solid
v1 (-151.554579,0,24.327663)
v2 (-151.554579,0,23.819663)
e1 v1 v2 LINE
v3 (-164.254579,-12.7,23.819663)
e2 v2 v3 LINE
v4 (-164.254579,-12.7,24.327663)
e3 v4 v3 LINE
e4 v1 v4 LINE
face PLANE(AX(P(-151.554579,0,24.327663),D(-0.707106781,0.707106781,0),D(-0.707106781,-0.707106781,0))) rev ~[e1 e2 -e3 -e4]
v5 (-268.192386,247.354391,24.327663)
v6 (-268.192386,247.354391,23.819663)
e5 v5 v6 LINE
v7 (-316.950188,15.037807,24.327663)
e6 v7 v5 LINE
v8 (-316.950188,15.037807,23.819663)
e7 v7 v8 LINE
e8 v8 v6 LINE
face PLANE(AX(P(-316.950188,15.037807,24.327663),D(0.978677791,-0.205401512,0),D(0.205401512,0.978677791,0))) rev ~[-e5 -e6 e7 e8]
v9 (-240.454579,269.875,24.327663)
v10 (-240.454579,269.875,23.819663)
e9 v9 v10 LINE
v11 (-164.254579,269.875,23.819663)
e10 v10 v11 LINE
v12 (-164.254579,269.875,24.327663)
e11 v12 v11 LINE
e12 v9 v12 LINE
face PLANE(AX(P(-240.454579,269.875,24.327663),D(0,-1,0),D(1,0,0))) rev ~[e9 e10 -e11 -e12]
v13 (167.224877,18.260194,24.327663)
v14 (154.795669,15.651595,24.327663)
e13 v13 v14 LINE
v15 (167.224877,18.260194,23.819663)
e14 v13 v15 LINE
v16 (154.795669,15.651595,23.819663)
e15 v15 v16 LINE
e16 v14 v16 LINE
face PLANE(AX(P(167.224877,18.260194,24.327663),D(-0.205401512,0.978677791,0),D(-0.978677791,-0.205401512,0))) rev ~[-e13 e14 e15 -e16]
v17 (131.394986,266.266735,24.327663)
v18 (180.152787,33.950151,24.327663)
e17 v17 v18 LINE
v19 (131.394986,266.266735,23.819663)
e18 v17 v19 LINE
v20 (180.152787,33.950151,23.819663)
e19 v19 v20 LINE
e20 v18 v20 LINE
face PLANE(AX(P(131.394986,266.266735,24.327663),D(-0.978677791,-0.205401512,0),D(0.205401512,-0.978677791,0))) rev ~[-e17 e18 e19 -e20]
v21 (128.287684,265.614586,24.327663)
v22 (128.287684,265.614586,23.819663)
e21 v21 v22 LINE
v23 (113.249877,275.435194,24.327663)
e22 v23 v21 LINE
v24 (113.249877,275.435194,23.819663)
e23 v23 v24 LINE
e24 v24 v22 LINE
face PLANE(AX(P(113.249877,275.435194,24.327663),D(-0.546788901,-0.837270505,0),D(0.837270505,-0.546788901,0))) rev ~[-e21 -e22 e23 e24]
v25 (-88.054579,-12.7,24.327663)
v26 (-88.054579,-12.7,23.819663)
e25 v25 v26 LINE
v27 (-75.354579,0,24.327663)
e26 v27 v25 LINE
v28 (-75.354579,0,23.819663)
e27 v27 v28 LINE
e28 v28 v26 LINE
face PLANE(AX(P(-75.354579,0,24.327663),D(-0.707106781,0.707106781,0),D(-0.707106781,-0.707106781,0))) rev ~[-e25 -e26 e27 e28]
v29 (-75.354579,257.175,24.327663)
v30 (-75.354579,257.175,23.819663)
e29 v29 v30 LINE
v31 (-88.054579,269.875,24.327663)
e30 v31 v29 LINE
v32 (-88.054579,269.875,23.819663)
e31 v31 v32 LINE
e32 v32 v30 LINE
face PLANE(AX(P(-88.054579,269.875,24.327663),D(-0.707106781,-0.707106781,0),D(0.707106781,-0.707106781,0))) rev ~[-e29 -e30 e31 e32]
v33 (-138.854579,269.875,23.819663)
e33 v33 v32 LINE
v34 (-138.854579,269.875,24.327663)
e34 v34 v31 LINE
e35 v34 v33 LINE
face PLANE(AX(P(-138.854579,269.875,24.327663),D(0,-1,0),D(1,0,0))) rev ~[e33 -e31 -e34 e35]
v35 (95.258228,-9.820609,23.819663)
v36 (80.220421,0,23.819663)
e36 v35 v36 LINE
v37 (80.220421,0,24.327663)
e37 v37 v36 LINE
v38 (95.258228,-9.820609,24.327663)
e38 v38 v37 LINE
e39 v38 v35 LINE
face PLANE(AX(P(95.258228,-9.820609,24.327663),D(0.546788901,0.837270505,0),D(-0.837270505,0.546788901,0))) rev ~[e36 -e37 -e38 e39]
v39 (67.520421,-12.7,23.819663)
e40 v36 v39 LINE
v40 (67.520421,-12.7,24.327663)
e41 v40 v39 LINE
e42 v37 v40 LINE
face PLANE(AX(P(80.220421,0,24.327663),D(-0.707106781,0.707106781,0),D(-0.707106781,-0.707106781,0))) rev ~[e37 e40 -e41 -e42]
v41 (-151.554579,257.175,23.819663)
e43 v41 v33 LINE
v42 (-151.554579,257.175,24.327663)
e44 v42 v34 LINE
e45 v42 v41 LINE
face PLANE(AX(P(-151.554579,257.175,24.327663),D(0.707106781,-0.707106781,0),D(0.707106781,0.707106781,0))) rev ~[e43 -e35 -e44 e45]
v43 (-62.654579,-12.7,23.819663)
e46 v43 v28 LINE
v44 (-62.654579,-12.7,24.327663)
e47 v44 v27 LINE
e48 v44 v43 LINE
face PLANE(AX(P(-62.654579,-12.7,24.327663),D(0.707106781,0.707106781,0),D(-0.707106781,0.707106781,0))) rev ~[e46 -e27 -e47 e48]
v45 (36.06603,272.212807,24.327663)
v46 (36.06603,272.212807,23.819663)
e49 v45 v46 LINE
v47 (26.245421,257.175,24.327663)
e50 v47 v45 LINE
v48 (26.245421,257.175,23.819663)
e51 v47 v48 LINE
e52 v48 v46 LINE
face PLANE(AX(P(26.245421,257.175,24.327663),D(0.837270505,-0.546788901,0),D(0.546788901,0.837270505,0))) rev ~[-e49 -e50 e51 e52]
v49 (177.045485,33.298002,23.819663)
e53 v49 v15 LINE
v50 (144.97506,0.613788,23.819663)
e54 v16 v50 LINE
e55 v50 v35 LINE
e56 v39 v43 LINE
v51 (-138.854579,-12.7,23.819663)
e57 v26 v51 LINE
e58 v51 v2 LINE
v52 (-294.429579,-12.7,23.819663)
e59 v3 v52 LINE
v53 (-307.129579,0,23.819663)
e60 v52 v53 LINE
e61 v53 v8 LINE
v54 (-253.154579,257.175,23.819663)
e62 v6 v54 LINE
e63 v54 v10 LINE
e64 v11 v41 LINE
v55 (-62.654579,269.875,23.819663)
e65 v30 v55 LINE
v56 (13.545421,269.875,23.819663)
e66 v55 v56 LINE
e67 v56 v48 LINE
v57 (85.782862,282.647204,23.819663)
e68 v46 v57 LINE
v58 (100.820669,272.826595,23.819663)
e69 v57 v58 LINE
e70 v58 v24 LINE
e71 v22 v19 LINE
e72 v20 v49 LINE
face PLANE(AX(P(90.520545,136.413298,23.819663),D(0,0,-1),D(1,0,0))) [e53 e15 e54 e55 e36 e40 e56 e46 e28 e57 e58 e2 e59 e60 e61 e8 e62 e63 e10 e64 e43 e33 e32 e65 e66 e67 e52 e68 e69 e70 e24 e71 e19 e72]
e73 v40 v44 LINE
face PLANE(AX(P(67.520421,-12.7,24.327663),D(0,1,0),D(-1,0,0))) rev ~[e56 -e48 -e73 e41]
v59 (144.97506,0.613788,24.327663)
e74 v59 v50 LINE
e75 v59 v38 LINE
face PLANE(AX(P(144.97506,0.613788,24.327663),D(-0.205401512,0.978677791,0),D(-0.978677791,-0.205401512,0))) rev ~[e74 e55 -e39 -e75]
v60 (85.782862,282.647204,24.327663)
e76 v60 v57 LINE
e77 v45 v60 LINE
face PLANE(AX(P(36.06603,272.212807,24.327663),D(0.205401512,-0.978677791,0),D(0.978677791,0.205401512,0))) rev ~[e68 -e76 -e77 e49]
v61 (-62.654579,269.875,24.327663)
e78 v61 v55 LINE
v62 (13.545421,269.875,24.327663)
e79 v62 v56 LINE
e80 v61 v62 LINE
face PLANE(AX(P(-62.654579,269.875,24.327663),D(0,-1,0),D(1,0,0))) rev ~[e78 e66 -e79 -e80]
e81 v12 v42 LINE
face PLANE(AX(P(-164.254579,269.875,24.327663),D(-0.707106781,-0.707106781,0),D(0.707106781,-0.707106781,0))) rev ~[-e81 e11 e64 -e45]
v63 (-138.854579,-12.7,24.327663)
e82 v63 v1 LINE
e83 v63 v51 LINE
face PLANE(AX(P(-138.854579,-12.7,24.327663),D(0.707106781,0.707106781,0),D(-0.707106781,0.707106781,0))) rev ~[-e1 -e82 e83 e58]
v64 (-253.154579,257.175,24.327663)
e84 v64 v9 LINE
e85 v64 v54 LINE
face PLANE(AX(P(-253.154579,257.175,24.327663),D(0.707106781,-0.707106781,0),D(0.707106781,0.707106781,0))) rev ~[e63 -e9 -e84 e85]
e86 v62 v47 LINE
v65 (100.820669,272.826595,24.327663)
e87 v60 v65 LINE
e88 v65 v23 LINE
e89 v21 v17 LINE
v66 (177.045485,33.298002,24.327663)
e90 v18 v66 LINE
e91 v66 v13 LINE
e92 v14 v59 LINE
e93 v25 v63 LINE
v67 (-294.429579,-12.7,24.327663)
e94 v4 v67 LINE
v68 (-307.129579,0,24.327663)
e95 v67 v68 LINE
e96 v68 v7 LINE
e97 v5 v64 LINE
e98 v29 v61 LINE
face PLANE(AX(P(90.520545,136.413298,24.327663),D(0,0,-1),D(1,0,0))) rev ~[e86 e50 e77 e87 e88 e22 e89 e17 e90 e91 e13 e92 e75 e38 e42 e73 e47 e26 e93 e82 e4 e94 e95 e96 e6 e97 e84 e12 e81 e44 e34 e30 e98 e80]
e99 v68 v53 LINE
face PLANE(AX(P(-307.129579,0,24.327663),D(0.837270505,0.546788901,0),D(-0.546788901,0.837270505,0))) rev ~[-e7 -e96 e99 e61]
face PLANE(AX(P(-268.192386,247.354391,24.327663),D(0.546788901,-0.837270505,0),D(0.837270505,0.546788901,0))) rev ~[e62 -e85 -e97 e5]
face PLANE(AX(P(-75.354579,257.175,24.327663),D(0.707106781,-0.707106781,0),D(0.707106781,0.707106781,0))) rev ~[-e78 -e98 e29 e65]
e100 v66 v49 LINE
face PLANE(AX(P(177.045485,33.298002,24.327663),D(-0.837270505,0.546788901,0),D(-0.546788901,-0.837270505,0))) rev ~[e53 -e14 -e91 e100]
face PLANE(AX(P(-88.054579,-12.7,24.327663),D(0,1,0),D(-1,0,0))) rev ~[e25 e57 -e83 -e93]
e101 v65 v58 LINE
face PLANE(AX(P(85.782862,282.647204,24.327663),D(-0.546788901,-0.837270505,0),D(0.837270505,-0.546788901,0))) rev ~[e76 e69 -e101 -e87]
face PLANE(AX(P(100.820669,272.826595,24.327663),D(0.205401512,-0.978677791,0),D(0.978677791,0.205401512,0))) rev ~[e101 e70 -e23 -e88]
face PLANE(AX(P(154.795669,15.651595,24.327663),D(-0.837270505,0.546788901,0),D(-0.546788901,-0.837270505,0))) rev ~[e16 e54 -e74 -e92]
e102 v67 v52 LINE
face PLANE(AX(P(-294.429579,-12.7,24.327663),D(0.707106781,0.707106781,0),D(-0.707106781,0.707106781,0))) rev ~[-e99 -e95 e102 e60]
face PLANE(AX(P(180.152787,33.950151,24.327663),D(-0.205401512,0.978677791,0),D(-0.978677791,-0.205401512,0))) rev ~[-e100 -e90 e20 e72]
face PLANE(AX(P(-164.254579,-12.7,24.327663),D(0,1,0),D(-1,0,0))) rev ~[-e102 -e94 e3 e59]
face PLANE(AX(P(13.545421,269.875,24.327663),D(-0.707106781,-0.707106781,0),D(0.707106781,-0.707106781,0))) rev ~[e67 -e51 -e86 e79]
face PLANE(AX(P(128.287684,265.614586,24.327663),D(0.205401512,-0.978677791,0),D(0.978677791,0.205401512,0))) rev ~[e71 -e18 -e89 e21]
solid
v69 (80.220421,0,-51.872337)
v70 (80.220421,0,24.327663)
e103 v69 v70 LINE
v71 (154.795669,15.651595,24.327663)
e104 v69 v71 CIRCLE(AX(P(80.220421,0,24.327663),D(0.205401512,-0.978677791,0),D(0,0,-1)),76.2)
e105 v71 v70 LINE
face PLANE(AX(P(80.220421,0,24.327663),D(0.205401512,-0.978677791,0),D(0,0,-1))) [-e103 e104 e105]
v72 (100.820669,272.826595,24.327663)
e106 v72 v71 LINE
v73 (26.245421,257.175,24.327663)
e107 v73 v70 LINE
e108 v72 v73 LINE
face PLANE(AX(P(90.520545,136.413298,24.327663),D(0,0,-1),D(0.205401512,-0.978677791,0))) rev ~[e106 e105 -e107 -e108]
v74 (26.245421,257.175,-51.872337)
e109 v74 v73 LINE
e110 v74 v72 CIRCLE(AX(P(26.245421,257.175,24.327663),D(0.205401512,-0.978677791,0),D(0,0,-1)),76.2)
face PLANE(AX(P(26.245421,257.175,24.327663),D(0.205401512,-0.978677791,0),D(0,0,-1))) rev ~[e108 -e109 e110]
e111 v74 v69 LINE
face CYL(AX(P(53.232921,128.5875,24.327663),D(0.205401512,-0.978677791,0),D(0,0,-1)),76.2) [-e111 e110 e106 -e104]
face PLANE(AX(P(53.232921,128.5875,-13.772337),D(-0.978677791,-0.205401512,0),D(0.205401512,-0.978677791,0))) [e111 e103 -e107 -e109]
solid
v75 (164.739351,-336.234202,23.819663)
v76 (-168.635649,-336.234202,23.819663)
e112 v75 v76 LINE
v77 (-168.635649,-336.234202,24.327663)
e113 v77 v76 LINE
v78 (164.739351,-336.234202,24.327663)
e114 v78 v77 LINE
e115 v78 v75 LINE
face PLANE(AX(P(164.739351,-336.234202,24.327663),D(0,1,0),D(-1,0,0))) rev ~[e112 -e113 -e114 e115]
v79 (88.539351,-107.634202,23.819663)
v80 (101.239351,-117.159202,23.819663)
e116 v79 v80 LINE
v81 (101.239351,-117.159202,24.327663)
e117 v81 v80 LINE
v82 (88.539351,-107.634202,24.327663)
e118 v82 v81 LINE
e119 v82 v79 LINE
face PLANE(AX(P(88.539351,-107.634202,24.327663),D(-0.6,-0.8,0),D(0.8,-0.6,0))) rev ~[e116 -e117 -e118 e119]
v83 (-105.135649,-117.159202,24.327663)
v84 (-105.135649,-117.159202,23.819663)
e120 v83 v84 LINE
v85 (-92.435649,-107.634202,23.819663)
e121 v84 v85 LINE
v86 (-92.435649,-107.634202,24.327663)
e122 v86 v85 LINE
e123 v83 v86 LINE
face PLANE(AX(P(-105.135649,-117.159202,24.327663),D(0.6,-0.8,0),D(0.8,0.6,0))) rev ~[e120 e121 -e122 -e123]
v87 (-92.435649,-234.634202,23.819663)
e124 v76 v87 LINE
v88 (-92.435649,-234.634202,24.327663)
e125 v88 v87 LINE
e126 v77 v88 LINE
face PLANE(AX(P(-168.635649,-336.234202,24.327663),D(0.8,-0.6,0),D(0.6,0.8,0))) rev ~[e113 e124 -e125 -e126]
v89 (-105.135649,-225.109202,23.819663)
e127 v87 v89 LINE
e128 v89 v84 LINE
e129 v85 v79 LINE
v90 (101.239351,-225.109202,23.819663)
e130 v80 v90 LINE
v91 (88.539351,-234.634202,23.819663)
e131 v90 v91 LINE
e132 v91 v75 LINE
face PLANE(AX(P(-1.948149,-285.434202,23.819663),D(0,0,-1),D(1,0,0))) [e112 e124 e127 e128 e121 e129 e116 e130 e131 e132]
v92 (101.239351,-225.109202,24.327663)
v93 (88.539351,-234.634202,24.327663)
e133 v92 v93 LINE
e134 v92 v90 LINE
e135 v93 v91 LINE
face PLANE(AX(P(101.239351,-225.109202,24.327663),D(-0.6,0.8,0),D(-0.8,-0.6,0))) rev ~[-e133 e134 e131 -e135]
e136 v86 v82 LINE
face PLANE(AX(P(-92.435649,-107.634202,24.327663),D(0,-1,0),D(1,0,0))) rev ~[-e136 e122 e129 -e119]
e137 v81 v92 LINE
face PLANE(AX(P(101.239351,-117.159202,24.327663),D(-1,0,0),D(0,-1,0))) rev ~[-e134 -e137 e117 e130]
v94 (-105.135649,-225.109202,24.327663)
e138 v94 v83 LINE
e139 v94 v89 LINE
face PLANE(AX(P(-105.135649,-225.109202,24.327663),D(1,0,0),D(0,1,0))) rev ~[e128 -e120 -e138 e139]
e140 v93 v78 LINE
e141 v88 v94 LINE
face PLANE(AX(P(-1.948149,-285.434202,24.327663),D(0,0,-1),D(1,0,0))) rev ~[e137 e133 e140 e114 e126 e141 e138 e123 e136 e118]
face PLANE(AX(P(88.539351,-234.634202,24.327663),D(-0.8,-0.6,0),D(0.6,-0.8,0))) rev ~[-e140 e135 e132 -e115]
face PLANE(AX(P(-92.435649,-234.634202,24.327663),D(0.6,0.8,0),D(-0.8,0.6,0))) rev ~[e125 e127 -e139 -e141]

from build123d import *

# Parameters (mm, degrees)
F9_W      = 262.7780075463
F9_H      = 76.2
F10_ANGLE = 90
F11_W     = 76.2
F11_H     = 257.175
F12_DEPTH = 0.508
F11_W_2   = 180.975
F11_H_2   = 101.6


with BuildPart() as f10:
    # F9 (on face) → F10 (revolve)
    with BuildSketch(Plane(origin=(76.8359391057, 16.1260612938, 0), x_dir=(0.2054015117, -0.9786777912, 0), z_dir=(-0.9786777912, -0.2054015117, 0))):
        with Locations((-114.9116080063, -13.7723366184)):
            Rectangle(F9_W, F9_H)
    revolve(axis=Axis((53.2329211056, 128.5875, 24.3276633816), (0.2054015117, -0.9786777912, 0)), revolution_arc=F10_ANGLE)


with BuildPart() as f12:
    # F11 (on face) → F12 (new body)
    with BuildSketch(Plane(origin=(0, 0, 24.3276633816), x_dir=(1, 0, 0), z_dir=(0, 0, -1))):
        Polygon((80.2204211056, 0), (26.2454211056, -257.175), (100.8206687947, -272.826595194), (154.7956687947, -15.651595194), align=None)
        Polygon((-75.3545788944, -257.175), (26.2454211056, -257.175), (80.2204211056, 0), (-75.3545788944, 0), align=None)
        Polygon((13.5454211056, -269.875), (26.2454211056, -257.175), (-75.3545788944, -257.175), (-62.6545788944, -269.875), align=None)
        Polygon((100.8206687947, -272.826595194), (26.2454211056, -257.175), (36.0660298548, -272.2128071472), (85.7828616475, -282.6472039432), align=None)
        Polygon((154.7956687947, -15.651595194), (100.8206687947, -272.826595194), (113.2498767428, -275.435194393), (167.2248767428, -18.260194393), align=None)
        Polygon((95.2582282528, 9.8206087492), (80.2204211056, 0), (154.7956687947, -15.651595194), (144.9750600455, -0.6137880468), align=None)
        Polygon((-75.3545788944, 0), (80.2204211056, 0), (67.5204211056, 12.7), (-62.6545788944, 12.7), align=None)
        Polygon((-88.0545788944, -269.875), (-75.3545788944, -257.175), (-151.5545788944, -257.175), (-138.8545788944, -269.875), align=None)
        with Locations((-113.4545788944, -128.5875)):
            Rectangle(F11_W, F11_H)
        Polygon((167.2248767428, -18.260194393), (113.2498767428, -275.435194393), (128.28768389, -265.6145856438), (177.045485492, -33.2980015402), align=None)
        Polygon((-151.5545788944, 0), (-75.3545788944, 0), (-88.0545788944, 12.7), (-138.8545788944, 12.7), align=None)
        Polygon((-253.1545788944, -257.175), (-151.5545788944, -257.175), (-151.5545788944, 0), (-307.1295788944, 0), align=None)
        Polygon((-164.2545788944, -269.875), (-151.5545788944, -257.175), (-253.1545788944, -257.175), (-240.4545788944, -269.875), align=None)
        Polygon((177.045485492, -33.2980015402), (128.28768389, -265.6145856438), (131.3949858771, -266.2667354436), (180.1527874791, -33.9501513399), align=None)
        Polygon((-307.1295788944, 0), (-151.5545788944, 0), (-164.2545788944, 12.7), (-294.4295788944, 12.7), align=None)
        Polygon((-268.1923860416, -247.3543912508), (-253.1545788944, -257.175), (-307.1295788944, 0), (-316.9501876436, -15.0378071472), align=None)
    extrude(amount=F12_DEPTH)


with BuildPart() as f12b:
    # F11 (on face) → F12, piece 2 (new body)
    with BuildSketch(Plane(origin=(0, 0, 24.3276633816), x_dir=(1, 0, 0), z_dir=(0, 0, -1))):
        with Locations((-1.9481492972, 285.4342016459)):
            Rectangle(F11_W_2, F11_H_2)
        Polygon((-168.6356492972, 336.2342016459), (-92.4356492972, 234.6342016459), (-92.4356492972, 336.2342016459), align=None)
        Polygon((88.5393507028, 234.6342016459), (-92.4356492972, 234.6342016459), (-105.1356492972, 225.1092016459), (-105.1356492972, 117.1592016459), (-92.4356492972, 107.6342016459), (88.5393507028, 107.6342016459), (101.2393507028, 117.1592016459), (101.2393507028, 225.1092016459), align=None)
        Polygon((88.5393507028, 336.2342016459), (88.5393507028, 234.6342016459), (164.7393507028, 336.2342016459), align=None)
    extrude(amount=F12_DEPTH)


solid = Compound([f10.part, f12.part, f12b.part])
